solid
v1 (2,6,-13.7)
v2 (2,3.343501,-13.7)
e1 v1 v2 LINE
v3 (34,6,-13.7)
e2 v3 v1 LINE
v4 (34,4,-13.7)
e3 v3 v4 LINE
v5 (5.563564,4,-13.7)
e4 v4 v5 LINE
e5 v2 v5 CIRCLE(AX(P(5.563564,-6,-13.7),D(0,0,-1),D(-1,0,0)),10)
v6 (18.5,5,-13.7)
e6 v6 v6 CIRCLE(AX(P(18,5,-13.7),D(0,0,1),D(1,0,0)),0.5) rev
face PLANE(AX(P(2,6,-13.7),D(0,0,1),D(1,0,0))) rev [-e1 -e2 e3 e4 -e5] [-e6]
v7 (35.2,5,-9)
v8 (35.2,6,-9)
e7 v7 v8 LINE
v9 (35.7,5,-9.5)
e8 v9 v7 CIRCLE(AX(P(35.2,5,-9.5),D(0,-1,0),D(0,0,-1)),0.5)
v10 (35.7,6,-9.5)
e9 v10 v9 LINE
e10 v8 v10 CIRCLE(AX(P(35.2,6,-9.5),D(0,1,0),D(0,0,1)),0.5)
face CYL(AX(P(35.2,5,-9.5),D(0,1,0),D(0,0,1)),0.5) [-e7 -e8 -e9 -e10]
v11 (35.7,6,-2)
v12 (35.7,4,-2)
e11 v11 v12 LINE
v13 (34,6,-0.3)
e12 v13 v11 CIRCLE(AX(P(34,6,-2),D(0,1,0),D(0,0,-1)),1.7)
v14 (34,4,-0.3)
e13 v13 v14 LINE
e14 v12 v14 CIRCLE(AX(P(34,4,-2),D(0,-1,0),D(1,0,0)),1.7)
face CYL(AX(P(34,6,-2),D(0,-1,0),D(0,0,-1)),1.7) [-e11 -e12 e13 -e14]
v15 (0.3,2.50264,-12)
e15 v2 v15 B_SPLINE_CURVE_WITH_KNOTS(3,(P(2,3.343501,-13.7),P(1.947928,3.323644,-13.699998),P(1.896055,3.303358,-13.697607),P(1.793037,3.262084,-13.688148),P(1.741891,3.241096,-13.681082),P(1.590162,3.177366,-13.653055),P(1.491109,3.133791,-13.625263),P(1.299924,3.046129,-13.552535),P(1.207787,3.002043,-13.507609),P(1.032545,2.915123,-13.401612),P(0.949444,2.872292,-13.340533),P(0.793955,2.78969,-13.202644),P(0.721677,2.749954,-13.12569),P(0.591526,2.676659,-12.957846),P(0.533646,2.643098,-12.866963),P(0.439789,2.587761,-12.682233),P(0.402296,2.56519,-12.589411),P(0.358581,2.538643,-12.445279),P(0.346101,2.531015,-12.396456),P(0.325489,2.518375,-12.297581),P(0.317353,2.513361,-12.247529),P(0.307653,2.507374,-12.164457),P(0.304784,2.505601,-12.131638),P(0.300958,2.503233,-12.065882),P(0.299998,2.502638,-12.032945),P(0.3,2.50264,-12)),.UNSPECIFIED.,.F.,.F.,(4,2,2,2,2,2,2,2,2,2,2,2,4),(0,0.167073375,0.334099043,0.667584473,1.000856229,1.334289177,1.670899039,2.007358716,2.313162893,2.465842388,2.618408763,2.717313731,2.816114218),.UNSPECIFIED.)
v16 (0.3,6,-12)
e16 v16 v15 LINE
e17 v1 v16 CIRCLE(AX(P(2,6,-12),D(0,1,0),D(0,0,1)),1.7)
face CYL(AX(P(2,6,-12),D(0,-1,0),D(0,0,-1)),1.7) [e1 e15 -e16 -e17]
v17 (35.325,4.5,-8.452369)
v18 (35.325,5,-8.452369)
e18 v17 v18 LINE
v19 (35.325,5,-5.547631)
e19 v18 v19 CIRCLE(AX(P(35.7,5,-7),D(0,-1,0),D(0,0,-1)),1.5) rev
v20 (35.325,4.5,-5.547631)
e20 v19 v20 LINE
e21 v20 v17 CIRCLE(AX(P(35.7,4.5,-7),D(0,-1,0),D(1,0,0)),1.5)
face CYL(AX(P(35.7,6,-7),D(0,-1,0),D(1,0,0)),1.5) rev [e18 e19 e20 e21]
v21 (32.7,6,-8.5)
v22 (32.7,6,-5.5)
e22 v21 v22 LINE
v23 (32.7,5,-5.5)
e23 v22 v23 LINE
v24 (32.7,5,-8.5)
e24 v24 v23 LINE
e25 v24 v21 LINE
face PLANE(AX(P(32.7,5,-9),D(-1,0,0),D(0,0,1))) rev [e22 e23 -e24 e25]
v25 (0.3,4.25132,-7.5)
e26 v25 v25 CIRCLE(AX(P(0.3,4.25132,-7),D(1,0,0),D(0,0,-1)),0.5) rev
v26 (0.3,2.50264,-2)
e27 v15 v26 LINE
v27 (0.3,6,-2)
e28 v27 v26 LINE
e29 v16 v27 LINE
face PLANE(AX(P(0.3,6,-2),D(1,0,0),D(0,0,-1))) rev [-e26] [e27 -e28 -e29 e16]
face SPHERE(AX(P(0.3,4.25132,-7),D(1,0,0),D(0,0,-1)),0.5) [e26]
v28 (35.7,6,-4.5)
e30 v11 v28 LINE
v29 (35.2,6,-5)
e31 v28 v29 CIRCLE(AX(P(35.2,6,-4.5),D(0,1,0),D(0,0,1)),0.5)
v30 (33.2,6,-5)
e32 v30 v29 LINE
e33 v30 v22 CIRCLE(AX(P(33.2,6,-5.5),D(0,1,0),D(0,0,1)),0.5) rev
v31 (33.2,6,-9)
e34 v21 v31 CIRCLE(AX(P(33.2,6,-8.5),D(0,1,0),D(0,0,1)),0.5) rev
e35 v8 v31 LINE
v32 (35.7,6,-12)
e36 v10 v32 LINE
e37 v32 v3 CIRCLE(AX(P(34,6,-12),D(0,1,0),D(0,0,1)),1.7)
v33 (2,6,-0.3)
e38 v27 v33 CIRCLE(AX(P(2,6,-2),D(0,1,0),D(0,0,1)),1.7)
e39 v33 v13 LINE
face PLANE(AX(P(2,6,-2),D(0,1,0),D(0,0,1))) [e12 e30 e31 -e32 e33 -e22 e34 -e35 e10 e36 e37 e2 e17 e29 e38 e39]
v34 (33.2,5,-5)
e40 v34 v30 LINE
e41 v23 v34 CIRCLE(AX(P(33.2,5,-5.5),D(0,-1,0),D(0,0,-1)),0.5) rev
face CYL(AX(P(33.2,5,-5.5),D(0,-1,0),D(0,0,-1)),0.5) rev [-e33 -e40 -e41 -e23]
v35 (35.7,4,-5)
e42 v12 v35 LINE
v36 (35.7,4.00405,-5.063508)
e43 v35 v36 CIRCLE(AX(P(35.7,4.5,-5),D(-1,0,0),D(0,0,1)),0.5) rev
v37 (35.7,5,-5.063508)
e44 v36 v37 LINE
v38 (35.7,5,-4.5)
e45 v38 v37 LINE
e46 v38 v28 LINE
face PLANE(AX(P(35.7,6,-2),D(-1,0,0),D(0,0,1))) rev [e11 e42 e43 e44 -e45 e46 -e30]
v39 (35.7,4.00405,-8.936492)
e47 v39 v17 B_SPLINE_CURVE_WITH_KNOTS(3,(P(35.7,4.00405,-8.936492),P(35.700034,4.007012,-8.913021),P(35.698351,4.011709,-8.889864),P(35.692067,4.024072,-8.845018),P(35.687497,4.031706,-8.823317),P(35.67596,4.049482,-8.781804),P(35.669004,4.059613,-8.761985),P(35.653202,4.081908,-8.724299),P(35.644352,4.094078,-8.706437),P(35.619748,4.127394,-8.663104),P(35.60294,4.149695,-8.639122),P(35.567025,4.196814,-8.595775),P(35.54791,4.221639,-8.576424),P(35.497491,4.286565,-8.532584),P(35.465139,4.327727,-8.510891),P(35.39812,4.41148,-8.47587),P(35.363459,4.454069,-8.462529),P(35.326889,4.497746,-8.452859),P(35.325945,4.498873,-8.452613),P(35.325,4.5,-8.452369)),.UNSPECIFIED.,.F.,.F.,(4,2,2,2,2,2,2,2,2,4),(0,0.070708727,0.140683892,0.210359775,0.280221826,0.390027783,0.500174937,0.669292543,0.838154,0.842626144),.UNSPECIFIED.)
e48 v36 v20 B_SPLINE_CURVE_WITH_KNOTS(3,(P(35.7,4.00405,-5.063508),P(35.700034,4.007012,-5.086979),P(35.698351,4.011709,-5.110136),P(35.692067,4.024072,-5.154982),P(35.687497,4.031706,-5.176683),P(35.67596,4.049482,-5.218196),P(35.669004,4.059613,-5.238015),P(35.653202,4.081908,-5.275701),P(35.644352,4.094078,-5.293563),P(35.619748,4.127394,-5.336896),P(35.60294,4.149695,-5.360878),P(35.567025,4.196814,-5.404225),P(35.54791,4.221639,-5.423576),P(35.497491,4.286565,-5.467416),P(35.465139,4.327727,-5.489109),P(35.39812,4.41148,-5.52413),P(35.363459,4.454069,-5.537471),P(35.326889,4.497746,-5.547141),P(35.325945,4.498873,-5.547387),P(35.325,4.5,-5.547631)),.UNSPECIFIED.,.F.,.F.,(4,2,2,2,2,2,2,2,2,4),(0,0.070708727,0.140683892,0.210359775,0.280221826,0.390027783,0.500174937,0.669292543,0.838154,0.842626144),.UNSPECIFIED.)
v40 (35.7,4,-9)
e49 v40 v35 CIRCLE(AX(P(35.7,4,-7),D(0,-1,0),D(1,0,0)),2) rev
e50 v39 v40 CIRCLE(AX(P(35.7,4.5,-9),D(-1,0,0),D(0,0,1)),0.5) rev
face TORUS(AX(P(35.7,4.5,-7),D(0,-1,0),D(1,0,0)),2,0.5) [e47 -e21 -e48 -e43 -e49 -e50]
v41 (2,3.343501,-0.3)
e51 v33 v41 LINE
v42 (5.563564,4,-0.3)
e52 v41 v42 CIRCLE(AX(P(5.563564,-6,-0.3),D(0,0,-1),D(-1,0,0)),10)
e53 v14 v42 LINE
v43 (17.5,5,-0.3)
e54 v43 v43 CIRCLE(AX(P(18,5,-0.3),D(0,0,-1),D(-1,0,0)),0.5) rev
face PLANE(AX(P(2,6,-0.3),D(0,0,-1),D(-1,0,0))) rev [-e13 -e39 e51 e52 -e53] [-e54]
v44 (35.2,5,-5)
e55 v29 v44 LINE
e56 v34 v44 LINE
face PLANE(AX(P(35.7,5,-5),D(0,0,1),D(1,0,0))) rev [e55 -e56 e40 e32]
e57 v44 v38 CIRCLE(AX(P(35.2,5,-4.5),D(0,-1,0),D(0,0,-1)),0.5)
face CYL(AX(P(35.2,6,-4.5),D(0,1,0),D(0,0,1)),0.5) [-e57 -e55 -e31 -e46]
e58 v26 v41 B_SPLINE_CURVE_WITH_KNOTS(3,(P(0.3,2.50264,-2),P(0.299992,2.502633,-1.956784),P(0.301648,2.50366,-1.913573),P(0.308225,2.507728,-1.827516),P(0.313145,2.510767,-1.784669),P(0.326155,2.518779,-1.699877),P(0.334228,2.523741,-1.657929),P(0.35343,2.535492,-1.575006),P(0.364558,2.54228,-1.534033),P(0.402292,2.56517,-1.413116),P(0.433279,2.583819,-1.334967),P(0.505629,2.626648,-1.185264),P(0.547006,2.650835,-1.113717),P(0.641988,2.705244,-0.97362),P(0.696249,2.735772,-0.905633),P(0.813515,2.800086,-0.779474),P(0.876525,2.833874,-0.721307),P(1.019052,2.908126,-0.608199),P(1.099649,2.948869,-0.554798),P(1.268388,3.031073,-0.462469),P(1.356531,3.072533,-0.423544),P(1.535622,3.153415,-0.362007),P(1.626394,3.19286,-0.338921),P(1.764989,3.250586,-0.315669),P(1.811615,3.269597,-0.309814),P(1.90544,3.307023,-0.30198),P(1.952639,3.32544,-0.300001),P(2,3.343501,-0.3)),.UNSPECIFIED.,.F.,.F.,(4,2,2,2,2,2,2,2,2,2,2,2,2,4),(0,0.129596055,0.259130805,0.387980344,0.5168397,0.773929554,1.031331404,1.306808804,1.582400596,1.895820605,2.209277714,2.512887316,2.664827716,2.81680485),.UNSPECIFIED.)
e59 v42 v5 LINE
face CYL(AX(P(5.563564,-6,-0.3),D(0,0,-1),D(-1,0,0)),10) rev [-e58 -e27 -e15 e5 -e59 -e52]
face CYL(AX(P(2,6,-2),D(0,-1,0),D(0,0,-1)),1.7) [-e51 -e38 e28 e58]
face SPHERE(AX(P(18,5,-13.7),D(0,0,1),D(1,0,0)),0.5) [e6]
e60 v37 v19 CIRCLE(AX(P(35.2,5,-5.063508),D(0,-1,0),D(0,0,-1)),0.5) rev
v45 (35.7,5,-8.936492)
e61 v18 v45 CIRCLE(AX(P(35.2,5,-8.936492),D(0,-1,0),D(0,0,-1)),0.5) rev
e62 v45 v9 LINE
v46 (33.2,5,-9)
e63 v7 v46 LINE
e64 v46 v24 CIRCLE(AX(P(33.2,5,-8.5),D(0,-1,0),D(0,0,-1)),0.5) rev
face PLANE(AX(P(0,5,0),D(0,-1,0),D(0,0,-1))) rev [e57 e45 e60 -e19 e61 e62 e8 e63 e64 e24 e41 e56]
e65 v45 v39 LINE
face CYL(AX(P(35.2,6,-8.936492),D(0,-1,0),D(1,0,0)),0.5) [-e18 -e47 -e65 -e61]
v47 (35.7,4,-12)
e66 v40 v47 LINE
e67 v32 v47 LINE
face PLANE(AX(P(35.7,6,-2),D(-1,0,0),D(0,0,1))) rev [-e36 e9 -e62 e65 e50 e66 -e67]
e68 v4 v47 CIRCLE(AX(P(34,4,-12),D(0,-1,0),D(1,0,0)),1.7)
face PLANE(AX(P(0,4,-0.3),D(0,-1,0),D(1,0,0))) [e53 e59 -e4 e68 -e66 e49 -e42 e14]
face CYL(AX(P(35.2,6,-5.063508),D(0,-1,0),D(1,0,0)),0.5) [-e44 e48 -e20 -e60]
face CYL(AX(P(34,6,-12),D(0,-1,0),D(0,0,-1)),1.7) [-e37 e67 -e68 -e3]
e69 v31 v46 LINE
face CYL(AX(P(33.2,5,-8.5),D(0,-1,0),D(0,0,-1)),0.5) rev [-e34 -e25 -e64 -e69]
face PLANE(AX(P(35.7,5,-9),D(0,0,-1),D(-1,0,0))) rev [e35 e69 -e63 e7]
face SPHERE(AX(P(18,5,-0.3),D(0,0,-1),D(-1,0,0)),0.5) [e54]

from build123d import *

# Parameters (mm, degrees)
AUFSATZ_LINEAR_AUSTRAGEN1_DEPTH = 6
SCHNITT_LINEAR_AUSTRAGEN1_DEPTH = 39.601165786
SKIZZE5_R                       = 1.5
SCHNITT_LINEAR_AUSTRAGEN2_DEPTH = 39.472457686
SKIZZE6_W                       = 3
SKIZZE6_H                       = 4
SCHNITT_LINEAR_AUSTRAGEN3_DEPTH = 1
VERRUNDUNG2_R                   = 0.5


with BuildPart() as part:
    # Skizze1 → Aufsatz-Linear austragen1 (new body)
    with BuildSketch(Plane(origin=(0, 0, 0), x_dir=(1, 0, 0), z_dir=(0, 1, 0))):
        with BuildLine():
            Line((2, 0.3), (34, 0.3))
            ThreePointArc((34, 0.3), (35.202081528, 0.797918472), (35.7, 2))
            Line((35.7, 2), (35.7, 12))
            ThreePointArc((35.7, 12), (35.202081528, 13.202081528), (34, 13.7))
            Line((34, 13.7), (2, 13.7))
            ThreePointArc((2, 13.7), (0.797918472, 13.202081528), (0.3, 12))
            Line((0.3, 12), (0.3, 2))
            ThreePointArc((0.3, 2), (0.797918472, 0.797918472), (2, 0.3))
        make_face()
    extrude(amount=AUFSATZ_LINEAR_AUSTRAGEN1_DEPTH)

    # Skizze2 → Schnitt-Linear austragen1 (cut, through all)
    with BuildSketch(Plane(origin=(0, 0, -13.7), x_dir=(-1, 0, 0), z_dir=(0, 0, -1))):
        with BuildLine():
            Line((-35.7, 0), (2.436435526, 0))
            ThreePointArc((2.436435526, 0), (-1.091428519, 2.94427191), (-5.563564474, 4))
            Line((-5.563564474, 4), (-35.7, 4))
            Line((-35.7, 4), (-35.7, 0))
        make_face()
    extrude(amount=-SCHNITT_LINEAR_AUSTRAGEN1_DEPTH, mode=Mode.SUBTRACT)

    # Skizze3 → Rotation1 (revolve)
    with BuildSketch(Plane(origin=(0, 0, -13.7), x_dir=(-1, 0, 0), z_dir=(0, 0, -1))):
        with BuildLine():
            Line((-18.5, 5), (-17.5, 5))
            ThreePointArc((-17.5, 5), (-18, 5.5), (-18.5, 5))
        make_face()
    rotation1 = revolve(axis=Axis((35.7, 5, -13.7), (-1, 0, 0)))

    # Skizze4 → Rotation2 (revolve)
    with BuildSketch(Plane.ZY.offset(-0.3)):
        with BuildLine():
            Line((-7, 3.75132006), (-7, 4.75132006))
            ThreePointArc((-7, 4.75132006), (-7.5, 4.25132006), (-7, 3.75132006))
        make_face()
    revolve(axis=Axis((0.3, 2.502640121, -7), (0, 1, 0)))

    # Spiegeln1: Rotation1 across plane
    add(rotation1.mirror(Plane(origin=(0, 0, -7), x_dir=(1, 0, 0), z_dir=(0, 0, -1))))

    # Skizze5 → Schnitt-Linear austragen2 (cut, through all)
    with BuildSketch(Plane.XZ.offset(-4)):
        with Locations((35.7, -7)):
            Circle(SKIZZE5_R)
    extrude(amount=-SCHNITT_LINEAR_AUSTRAGEN2_DEPTH, mode=Mode.SUBTRACT)

    # Skizze6 → Schnitt-Linear austragen3 (cut)
    with BuildSketch(Plane(origin=(0, 6, 0), x_dir=(1, 0, 0), z_dir=(0, 1, 0))):
        with Locations((34.2, 7)):
            Rectangle(SKIZZE6_W, SKIZZE6_H)
    extrude(amount=-SCHNITT_LINEAR_AUSTRAGEN3_DEPTH, mode=Mode.SUBTRACT)

    # Verrundung2
    verrundung2_edges = [part.edges().sort_by_distance(p)[0] for p in [
        (34.2, 4, -7),
        (35.7, 4.5, -5.5),
        (35.7, 4.5, -8.5),
        (35.7, 5.5, -9),
        (35.7, 5.5, -5),
        (32.7, 5.5, -5),
        (32.7, 5.5, -9),
    ]]
    fillet(verrundung2_edges, radius=VERRUNDUNG2_R)


solid = part.part
